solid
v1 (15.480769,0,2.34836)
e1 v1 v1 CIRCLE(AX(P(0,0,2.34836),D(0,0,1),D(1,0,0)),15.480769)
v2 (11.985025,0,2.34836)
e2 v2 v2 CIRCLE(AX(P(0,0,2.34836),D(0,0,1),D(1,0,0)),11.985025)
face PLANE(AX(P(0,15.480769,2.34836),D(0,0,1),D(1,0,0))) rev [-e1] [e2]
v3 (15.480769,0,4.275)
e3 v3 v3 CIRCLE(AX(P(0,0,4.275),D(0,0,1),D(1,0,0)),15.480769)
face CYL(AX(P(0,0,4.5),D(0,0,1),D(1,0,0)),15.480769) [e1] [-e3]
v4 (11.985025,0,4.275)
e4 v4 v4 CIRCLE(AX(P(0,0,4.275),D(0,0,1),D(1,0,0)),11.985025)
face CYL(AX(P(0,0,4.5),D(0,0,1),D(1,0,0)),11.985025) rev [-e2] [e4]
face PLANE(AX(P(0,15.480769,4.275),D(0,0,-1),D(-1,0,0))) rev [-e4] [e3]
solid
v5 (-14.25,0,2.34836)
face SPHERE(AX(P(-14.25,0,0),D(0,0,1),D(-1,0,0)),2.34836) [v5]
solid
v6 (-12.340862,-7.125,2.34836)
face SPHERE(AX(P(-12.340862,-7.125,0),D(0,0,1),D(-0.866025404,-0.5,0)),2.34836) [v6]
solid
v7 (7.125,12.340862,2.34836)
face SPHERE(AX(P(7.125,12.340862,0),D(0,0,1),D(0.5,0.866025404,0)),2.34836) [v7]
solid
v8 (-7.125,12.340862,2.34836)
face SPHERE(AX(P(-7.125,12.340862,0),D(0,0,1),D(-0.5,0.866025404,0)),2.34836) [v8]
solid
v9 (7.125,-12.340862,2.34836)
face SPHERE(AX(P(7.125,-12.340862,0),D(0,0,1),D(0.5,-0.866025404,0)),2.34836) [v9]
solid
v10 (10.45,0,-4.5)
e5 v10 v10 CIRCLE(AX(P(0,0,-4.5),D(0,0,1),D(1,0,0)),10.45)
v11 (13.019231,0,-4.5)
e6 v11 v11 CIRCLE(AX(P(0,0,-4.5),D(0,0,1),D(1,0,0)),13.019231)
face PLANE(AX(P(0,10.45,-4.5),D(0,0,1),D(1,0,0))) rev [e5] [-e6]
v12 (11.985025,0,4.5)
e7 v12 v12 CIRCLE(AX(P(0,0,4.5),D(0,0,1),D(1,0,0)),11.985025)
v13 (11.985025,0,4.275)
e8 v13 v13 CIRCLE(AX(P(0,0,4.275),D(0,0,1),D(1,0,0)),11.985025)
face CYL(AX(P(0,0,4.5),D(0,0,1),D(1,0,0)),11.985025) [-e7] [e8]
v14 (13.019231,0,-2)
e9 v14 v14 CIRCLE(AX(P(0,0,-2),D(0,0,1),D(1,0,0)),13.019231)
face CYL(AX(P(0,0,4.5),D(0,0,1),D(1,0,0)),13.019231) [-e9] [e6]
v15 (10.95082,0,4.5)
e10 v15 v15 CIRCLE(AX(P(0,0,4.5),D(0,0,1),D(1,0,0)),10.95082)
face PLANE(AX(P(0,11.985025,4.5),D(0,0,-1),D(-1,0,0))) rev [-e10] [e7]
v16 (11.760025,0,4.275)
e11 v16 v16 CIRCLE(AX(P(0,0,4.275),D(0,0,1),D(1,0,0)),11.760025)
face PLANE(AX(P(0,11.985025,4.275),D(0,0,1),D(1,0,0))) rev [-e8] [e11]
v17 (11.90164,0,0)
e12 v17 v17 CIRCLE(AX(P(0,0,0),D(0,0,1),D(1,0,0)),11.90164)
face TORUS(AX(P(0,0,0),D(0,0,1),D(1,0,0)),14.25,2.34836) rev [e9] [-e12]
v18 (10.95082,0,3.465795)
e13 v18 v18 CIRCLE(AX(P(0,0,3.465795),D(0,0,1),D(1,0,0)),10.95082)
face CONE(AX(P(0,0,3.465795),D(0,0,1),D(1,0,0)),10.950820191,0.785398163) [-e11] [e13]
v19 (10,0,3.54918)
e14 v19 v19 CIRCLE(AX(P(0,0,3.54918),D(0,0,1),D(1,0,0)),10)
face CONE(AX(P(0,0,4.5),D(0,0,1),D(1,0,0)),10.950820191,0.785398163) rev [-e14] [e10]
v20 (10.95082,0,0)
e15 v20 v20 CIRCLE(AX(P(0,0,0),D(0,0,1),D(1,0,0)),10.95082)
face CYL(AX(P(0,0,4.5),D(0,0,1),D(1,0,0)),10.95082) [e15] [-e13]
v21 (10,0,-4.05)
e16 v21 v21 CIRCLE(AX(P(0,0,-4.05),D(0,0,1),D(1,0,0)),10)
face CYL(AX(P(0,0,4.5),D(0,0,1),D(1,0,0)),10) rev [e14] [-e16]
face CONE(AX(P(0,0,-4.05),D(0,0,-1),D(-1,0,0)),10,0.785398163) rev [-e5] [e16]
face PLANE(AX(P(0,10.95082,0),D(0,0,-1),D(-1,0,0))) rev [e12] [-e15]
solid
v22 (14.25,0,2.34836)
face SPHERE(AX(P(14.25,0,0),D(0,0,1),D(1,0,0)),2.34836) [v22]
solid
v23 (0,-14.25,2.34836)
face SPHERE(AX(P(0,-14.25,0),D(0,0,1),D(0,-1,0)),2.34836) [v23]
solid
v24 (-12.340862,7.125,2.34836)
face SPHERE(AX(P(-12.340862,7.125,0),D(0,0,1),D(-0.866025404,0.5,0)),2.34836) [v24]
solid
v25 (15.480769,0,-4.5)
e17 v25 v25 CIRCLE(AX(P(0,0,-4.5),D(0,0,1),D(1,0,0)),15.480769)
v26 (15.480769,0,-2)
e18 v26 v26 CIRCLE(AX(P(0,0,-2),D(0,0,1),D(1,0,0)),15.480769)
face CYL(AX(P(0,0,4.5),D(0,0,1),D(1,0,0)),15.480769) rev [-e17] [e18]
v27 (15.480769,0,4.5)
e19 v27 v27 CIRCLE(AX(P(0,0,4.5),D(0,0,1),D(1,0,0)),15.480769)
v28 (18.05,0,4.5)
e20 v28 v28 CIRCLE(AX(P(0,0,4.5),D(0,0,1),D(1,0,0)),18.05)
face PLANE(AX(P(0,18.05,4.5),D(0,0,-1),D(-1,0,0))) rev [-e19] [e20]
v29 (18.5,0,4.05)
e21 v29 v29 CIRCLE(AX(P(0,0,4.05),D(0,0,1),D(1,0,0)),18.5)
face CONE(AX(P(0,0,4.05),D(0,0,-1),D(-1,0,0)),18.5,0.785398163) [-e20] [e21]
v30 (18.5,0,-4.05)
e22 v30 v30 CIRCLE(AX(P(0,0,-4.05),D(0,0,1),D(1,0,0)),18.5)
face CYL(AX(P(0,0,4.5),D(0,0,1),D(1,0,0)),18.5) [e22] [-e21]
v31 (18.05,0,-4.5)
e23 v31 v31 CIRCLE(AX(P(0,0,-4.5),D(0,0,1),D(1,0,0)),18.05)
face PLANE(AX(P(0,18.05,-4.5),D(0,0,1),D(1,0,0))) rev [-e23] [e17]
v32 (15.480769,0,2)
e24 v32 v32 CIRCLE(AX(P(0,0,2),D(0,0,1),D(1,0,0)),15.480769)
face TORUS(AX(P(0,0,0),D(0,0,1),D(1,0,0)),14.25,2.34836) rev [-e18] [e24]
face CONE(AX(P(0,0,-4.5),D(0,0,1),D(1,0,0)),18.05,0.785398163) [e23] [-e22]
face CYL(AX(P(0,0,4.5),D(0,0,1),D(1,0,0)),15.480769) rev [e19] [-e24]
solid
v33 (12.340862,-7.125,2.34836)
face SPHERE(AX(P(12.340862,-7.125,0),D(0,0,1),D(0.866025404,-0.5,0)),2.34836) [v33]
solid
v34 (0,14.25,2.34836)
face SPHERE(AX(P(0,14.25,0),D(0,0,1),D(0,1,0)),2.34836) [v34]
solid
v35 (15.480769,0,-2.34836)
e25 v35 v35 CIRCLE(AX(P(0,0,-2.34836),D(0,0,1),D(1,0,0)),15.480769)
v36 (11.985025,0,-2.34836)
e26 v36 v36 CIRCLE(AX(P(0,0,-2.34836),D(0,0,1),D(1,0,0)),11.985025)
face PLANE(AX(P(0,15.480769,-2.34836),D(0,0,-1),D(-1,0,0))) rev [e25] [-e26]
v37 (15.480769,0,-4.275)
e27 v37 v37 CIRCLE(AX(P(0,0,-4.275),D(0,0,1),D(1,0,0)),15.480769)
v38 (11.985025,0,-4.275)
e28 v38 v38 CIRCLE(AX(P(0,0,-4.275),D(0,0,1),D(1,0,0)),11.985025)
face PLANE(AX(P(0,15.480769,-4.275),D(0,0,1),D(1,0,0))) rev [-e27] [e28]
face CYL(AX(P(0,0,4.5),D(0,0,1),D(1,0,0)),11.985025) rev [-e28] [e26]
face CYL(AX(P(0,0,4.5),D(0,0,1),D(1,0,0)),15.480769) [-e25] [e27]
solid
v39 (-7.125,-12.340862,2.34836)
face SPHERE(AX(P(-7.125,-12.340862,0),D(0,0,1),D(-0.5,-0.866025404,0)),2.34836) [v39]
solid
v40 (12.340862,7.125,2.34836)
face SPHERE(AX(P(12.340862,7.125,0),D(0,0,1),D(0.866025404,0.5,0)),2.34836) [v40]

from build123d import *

# Parameters (mm, degrees)
CIRPATTERN1_COUNT = 12
SKETCH5_W         = 1.926640381
SKETCH5_H         = 3.495743751


with BuildPart() as part:
    # Sketch1 → Revolve1 (revolve)
    with BuildSketch(Plane(origin=(0, 0, 0), x_dir=(0, 0, -1), z_dir=(1, 0, 0))):
        with BuildLine():
            Line((4.05, 18.5), (-4.05, 18.5))
            Line((-4.05, 18.5), (-4.5, 18.05))
            Line((-4.5, 18.05), (-4.5, 15.480769231))
            Line((-4.5, 15.480769231), (-2, 15.480769231))
            ThreePointArc((-2, 15.480769231), (0, 16.598359619), (2, 15.480769231))
            Line((2, 15.480769231), (4.5, 15.480769231))
            Line((4.5, 15.480769231), (4.5, 18.05))
            Line((4.5, 18.05), (4.05, 18.5))
        make_face()
    revolve(axis=Axis((0, 0, 4.5), (0, 0, -1)))


with BuildPart() as body_2:
    # Sketch3 → Revolve3 (revolve)
    with BuildSketch(Plane(origin=(0, 0, 0), x_dir=(0, 0, -1), z_dir=(1, 0, 0))):
        with BuildLine():
            Line((-4.275, 11.76002548), (-3.465794711, 10.950820191))
            Line((-3.465794711, 10.950820191), (0, 10.950820191))
            Line((0, 10.950820191), (0, 11.901640381))
            ThreePointArc((0, 11.901640381), (1.145535713, 12.199990041), (2, 13.019230769))
            Line((2, 13.019230769), (4.5, 13.019230769))
            Line((4.5, 13.019230769), (4.5, 10.45))
            Line((4.5, 10.45), (4.05, 10))
            Line((4.05, 10), (-3.549179809, 10))
            Line((-3.549179809, 10), (-4.5, 10.950820191))
            Line((-4.5, 10.950820191), (-4.5, 11.98502548))
            Line((-4.5, 11.98502548), (-4.275, 11.98502548))
            Line((-4.275, 11.98502548), (-4.275, 11.76002548))
        make_face()
    revolve(axis=Axis((0, 0, 4.5), (0, 0, -1)))


with BuildPart() as body_3:
    # Sketch4 → Revolve4 (revolve)
    with BuildSketch(Plane(origin=(0, 0, 0), x_dir=(0, 0, -1), z_dir=(1, 0, 0))):
        with BuildLine():
            Line((-2.348359619, 14.25), (2.348359619, 14.25))
            ThreePointArc((2.348359619, 14.25), (0, 16.598359619), (-2.348359619, 14.25))
        make_face()
    revolve(axis=Axis((0, 14.25, 2.348359619), (0, 0, -1)))


with BuildPart() as cirpattern1_1:
    # CirPattern1: pattern copy
    add(body_3.part.rotate(Axis((0, 0, -4.5), (0, 0, 1)), 1 * 360 / CIRPATTERN1_COUNT))


with BuildPart() as cirpattern1_2:
    # CirPattern1: pattern copy
    add(body_3.part.rotate(Axis((0, 0, -4.5), (0, 0, 1)), 2 * 360 / CIRPATTERN1_COUNT))


with BuildPart() as cirpattern1_3:
    # CirPattern1: pattern copy
    add(body_3.part.rotate(Axis((0, 0, -4.5), (0, 0, 1)), 3 * 360 / CIRPATTERN1_COUNT))


with BuildPart() as cirpattern1_4:
    # CirPattern1: pattern copy
    add(body_3.part.rotate(Axis((0, 0, -4.5), (0, 0, 1)), 4 * 360 / CIRPATTERN1_COUNT))


with BuildPart() as cirpattern1_5:
    # CirPattern1: pattern copy
    add(body_3.part.rotate(Axis((0, 0, -4.5), (0, 0, 1)), 5 * 360 / CIRPATTERN1_COUNT))


with BuildPart() as cirpattern1_6:
    # CirPattern1: pattern copy
    add(body_3.part.rotate(Axis((0, 0, -4.5), (0, 0, 1)), 6 * 360 / CIRPATTERN1_COUNT))


with BuildPart() as cirpattern1_7:
    # CirPattern1: pattern copy
    add(body_3.part.rotate(Axis((0, 0, -4.5), (0, 0, 1)), 7 * 360 / CIRPATTERN1_COUNT))


with BuildPart() as cirpattern1_8:
    # CirPattern1: pattern copy
    add(body_3.part.rotate(Axis((0, 0, -4.5), (0, 0, 1)), 8 * 360 / CIRPATTERN1_COUNT))


with BuildPart() as cirpattern1_9:
    # CirPattern1: pattern copy
    add(body_3.part.rotate(Axis((0, 0, -4.5), (0, 0, 1)), 9 * 360 / CIRPATTERN1_COUNT))


with BuildPart() as cirpattern1_10:
    # CirPattern1: pattern copy
    add(body_3.part.rotate(Axis((0, 0, -4.5), (0, 0, 1)), 10 * 360 / CIRPATTERN1_COUNT))


with BuildPart() as cirpattern1_11:
    # CirPattern1: pattern copy
    add(body_3.part.rotate(Axis((0, 0, -4.5), (0, 0, 1)), 11 * 360 / CIRPATTERN1_COUNT))


with BuildPart() as body_15:
    # Sketch5 → Revolve5 (revolve)
    with BuildSketch(Plane(origin=(0, 0, 0), x_dir=(0, 0, -1), z_dir=(1, 0, 0))):
        with Locations((-3.31167981, 13.732897356)):
            Rectangle(SKETCH5_W, SKETCH5_H)
        with Locations((3.31167981, 13.732897356)):
            Rectangle(SKETCH5_W, SKETCH5_H)
    revolve(axis=Axis((0, 0, 4.5), (0, 0, -1)))


solid = Compound([part.part, body_2.part, body_3.part, cirpattern1_1.part, cirpattern1_2.part, cirpattern1_3.part, cirpattern1_4.part, cirpattern1_5.part, cirpattern1_6.part, cirpattern1_7.part, cirpattern1_8.part, cirpattern1_9.part, cirpattern1_10.part, cirpattern1_11.part, body_15.part])
